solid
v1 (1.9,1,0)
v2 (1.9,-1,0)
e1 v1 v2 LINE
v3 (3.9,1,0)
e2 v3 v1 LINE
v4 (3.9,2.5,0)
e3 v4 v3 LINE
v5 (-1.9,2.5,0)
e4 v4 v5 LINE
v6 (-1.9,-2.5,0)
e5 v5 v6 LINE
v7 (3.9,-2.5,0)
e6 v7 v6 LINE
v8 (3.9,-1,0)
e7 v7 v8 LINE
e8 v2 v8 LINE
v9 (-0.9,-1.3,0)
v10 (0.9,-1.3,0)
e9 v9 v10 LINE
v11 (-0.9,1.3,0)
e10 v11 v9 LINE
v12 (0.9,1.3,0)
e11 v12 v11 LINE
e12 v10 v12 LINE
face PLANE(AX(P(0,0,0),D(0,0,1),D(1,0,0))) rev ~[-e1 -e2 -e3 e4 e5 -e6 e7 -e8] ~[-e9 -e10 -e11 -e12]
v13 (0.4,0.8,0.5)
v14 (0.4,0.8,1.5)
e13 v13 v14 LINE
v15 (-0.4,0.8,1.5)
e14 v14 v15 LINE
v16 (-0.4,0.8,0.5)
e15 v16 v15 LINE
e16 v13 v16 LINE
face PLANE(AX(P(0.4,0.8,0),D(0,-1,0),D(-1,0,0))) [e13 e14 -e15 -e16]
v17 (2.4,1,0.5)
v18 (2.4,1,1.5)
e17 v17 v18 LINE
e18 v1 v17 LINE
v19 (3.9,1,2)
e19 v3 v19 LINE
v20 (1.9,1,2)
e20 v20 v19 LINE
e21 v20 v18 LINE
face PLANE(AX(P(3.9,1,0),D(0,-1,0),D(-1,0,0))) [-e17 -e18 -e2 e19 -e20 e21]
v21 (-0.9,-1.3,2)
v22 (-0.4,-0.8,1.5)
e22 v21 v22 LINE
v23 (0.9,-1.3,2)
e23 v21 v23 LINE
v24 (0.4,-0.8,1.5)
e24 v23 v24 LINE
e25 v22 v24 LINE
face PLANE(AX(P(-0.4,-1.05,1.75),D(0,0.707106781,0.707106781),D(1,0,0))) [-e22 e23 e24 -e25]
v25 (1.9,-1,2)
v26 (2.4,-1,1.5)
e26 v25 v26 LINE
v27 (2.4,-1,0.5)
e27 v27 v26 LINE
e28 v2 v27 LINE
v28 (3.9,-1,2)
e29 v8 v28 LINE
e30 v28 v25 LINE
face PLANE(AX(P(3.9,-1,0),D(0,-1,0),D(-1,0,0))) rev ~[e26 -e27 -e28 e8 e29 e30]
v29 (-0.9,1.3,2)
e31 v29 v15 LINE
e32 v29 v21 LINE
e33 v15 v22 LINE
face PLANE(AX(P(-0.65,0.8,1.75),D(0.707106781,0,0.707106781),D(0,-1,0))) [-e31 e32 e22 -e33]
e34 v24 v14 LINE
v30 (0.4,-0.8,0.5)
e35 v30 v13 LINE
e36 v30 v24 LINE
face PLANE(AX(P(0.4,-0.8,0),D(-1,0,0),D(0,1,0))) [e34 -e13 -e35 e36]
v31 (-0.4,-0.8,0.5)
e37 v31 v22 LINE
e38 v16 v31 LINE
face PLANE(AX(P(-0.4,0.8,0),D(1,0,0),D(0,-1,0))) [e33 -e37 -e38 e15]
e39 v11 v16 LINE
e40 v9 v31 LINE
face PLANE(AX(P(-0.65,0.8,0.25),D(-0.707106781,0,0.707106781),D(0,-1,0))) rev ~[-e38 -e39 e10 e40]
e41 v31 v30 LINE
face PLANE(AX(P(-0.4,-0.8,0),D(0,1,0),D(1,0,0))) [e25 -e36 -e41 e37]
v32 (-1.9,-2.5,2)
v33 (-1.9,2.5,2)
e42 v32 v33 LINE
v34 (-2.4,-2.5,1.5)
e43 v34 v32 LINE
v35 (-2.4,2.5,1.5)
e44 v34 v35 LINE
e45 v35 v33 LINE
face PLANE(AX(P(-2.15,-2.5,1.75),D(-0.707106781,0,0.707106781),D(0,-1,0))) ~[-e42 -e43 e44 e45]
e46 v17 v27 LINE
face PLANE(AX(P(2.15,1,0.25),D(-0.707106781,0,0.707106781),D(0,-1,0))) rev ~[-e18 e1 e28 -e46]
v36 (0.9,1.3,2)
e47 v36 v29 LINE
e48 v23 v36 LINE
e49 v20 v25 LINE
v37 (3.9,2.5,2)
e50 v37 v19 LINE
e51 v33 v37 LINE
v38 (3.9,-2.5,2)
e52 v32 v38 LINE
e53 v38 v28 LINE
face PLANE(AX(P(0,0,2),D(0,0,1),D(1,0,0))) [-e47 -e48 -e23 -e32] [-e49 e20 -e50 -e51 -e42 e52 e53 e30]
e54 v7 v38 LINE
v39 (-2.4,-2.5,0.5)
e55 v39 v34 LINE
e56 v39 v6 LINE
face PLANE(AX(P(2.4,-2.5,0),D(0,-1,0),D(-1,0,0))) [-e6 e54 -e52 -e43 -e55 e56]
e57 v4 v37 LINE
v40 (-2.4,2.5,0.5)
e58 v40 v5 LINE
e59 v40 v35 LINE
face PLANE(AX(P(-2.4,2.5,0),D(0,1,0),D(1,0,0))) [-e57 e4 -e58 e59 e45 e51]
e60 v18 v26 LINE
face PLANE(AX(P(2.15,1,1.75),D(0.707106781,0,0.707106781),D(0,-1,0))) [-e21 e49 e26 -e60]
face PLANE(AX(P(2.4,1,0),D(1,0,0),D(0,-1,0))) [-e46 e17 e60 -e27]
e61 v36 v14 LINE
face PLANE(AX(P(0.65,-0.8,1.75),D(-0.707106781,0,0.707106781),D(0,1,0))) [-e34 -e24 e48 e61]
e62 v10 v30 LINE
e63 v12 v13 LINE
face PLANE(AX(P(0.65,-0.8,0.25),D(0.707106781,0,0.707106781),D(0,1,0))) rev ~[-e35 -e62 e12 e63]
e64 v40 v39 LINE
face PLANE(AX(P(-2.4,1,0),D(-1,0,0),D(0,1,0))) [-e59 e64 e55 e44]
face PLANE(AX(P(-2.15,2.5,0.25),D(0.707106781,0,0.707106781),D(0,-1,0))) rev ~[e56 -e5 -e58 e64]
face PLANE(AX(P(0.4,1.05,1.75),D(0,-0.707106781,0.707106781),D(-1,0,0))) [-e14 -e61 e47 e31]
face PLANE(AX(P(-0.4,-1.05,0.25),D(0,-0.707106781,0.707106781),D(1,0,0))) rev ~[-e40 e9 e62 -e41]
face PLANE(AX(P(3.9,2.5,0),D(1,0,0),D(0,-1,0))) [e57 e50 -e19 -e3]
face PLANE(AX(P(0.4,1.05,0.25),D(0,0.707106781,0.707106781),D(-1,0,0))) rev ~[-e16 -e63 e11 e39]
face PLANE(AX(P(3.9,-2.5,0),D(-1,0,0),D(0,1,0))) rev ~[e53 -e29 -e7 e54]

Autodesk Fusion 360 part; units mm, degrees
sketch "Sketch2" plane through (0, 0, 0) normal (0, 0, 1) x (1, 0, 0)
  line L0 (-2.4, 2.5) -> (2.4, 2.5)
  line L1 (2.4, 2.5) -> (2.4, -2.5)
  line L2 (2.4, -2.5) -> (-2.4, -2.5)
  line L3 (-2.4, -2.5) -> (-2.4, 2.5)
  line L4 (-0.4, -0.8) -> (0.4, -0.8)
  line L5 (0.4, -0.8) -> (0.4, 0.8)
  line L6 (0.4, 0.8) -> (-0.4, 0.8)
  line L7 (-0.4, 0.8) -> (-0.4, -0.8)
  line L8 (0, 2.5) -> (0, -2.5) construction
  line L9 (-0.4, 0) -> (0.4, 0) construction
  line L10 (2.4, 2.5) -> (3.9, 2.5)
  line L11 (3.9, 2.5) -> (3.9, 1)
  line L12 (3.9, 1) -> (2.4, 1)
  line L13 (2.4, 1) -> (2.4, 2.5)
  line L14 (2.4, -2.5) -> (3.9, -2.5)
  line L15 (3.9, -2.5) -> (3.9, -1)
  line L16 (3.9, -1) -> (2.4, -1)
  line L17 (2.4, -1) -> (2.4, -2.5)
  line L18 (2.4, 1) -> (-2.4, 1)
  line L19 (2.4, -1) -> (-2.4, -1)
  dimension "d26" = 1.6
  dimension "d28" = 0.8
  dimension "d38" = 5
  dimension "d41" = 2
  dimension "d42" = 1.5
  dimension "d43" = 1.5
extrude "Extrude5" add sketch "Sketch2" along normal blind 2
chamfer "Chamfer1" distance 0.5 angle 45 12 edges at (0.4, 0, 0) (-0.4, 0, 0) (0, 0.8, 0) (0, 0.8, 2) (0, -0.8, 0) (0, -0.8, 2) (0.4, 0, 2) (-0.4, 0, 2) (2.4, 0, 0) (2.4, 0, 2) (-2.4, 0, 2) (-2.4, 0, 0)
equation "wire_spacing = 0.8 mm"
